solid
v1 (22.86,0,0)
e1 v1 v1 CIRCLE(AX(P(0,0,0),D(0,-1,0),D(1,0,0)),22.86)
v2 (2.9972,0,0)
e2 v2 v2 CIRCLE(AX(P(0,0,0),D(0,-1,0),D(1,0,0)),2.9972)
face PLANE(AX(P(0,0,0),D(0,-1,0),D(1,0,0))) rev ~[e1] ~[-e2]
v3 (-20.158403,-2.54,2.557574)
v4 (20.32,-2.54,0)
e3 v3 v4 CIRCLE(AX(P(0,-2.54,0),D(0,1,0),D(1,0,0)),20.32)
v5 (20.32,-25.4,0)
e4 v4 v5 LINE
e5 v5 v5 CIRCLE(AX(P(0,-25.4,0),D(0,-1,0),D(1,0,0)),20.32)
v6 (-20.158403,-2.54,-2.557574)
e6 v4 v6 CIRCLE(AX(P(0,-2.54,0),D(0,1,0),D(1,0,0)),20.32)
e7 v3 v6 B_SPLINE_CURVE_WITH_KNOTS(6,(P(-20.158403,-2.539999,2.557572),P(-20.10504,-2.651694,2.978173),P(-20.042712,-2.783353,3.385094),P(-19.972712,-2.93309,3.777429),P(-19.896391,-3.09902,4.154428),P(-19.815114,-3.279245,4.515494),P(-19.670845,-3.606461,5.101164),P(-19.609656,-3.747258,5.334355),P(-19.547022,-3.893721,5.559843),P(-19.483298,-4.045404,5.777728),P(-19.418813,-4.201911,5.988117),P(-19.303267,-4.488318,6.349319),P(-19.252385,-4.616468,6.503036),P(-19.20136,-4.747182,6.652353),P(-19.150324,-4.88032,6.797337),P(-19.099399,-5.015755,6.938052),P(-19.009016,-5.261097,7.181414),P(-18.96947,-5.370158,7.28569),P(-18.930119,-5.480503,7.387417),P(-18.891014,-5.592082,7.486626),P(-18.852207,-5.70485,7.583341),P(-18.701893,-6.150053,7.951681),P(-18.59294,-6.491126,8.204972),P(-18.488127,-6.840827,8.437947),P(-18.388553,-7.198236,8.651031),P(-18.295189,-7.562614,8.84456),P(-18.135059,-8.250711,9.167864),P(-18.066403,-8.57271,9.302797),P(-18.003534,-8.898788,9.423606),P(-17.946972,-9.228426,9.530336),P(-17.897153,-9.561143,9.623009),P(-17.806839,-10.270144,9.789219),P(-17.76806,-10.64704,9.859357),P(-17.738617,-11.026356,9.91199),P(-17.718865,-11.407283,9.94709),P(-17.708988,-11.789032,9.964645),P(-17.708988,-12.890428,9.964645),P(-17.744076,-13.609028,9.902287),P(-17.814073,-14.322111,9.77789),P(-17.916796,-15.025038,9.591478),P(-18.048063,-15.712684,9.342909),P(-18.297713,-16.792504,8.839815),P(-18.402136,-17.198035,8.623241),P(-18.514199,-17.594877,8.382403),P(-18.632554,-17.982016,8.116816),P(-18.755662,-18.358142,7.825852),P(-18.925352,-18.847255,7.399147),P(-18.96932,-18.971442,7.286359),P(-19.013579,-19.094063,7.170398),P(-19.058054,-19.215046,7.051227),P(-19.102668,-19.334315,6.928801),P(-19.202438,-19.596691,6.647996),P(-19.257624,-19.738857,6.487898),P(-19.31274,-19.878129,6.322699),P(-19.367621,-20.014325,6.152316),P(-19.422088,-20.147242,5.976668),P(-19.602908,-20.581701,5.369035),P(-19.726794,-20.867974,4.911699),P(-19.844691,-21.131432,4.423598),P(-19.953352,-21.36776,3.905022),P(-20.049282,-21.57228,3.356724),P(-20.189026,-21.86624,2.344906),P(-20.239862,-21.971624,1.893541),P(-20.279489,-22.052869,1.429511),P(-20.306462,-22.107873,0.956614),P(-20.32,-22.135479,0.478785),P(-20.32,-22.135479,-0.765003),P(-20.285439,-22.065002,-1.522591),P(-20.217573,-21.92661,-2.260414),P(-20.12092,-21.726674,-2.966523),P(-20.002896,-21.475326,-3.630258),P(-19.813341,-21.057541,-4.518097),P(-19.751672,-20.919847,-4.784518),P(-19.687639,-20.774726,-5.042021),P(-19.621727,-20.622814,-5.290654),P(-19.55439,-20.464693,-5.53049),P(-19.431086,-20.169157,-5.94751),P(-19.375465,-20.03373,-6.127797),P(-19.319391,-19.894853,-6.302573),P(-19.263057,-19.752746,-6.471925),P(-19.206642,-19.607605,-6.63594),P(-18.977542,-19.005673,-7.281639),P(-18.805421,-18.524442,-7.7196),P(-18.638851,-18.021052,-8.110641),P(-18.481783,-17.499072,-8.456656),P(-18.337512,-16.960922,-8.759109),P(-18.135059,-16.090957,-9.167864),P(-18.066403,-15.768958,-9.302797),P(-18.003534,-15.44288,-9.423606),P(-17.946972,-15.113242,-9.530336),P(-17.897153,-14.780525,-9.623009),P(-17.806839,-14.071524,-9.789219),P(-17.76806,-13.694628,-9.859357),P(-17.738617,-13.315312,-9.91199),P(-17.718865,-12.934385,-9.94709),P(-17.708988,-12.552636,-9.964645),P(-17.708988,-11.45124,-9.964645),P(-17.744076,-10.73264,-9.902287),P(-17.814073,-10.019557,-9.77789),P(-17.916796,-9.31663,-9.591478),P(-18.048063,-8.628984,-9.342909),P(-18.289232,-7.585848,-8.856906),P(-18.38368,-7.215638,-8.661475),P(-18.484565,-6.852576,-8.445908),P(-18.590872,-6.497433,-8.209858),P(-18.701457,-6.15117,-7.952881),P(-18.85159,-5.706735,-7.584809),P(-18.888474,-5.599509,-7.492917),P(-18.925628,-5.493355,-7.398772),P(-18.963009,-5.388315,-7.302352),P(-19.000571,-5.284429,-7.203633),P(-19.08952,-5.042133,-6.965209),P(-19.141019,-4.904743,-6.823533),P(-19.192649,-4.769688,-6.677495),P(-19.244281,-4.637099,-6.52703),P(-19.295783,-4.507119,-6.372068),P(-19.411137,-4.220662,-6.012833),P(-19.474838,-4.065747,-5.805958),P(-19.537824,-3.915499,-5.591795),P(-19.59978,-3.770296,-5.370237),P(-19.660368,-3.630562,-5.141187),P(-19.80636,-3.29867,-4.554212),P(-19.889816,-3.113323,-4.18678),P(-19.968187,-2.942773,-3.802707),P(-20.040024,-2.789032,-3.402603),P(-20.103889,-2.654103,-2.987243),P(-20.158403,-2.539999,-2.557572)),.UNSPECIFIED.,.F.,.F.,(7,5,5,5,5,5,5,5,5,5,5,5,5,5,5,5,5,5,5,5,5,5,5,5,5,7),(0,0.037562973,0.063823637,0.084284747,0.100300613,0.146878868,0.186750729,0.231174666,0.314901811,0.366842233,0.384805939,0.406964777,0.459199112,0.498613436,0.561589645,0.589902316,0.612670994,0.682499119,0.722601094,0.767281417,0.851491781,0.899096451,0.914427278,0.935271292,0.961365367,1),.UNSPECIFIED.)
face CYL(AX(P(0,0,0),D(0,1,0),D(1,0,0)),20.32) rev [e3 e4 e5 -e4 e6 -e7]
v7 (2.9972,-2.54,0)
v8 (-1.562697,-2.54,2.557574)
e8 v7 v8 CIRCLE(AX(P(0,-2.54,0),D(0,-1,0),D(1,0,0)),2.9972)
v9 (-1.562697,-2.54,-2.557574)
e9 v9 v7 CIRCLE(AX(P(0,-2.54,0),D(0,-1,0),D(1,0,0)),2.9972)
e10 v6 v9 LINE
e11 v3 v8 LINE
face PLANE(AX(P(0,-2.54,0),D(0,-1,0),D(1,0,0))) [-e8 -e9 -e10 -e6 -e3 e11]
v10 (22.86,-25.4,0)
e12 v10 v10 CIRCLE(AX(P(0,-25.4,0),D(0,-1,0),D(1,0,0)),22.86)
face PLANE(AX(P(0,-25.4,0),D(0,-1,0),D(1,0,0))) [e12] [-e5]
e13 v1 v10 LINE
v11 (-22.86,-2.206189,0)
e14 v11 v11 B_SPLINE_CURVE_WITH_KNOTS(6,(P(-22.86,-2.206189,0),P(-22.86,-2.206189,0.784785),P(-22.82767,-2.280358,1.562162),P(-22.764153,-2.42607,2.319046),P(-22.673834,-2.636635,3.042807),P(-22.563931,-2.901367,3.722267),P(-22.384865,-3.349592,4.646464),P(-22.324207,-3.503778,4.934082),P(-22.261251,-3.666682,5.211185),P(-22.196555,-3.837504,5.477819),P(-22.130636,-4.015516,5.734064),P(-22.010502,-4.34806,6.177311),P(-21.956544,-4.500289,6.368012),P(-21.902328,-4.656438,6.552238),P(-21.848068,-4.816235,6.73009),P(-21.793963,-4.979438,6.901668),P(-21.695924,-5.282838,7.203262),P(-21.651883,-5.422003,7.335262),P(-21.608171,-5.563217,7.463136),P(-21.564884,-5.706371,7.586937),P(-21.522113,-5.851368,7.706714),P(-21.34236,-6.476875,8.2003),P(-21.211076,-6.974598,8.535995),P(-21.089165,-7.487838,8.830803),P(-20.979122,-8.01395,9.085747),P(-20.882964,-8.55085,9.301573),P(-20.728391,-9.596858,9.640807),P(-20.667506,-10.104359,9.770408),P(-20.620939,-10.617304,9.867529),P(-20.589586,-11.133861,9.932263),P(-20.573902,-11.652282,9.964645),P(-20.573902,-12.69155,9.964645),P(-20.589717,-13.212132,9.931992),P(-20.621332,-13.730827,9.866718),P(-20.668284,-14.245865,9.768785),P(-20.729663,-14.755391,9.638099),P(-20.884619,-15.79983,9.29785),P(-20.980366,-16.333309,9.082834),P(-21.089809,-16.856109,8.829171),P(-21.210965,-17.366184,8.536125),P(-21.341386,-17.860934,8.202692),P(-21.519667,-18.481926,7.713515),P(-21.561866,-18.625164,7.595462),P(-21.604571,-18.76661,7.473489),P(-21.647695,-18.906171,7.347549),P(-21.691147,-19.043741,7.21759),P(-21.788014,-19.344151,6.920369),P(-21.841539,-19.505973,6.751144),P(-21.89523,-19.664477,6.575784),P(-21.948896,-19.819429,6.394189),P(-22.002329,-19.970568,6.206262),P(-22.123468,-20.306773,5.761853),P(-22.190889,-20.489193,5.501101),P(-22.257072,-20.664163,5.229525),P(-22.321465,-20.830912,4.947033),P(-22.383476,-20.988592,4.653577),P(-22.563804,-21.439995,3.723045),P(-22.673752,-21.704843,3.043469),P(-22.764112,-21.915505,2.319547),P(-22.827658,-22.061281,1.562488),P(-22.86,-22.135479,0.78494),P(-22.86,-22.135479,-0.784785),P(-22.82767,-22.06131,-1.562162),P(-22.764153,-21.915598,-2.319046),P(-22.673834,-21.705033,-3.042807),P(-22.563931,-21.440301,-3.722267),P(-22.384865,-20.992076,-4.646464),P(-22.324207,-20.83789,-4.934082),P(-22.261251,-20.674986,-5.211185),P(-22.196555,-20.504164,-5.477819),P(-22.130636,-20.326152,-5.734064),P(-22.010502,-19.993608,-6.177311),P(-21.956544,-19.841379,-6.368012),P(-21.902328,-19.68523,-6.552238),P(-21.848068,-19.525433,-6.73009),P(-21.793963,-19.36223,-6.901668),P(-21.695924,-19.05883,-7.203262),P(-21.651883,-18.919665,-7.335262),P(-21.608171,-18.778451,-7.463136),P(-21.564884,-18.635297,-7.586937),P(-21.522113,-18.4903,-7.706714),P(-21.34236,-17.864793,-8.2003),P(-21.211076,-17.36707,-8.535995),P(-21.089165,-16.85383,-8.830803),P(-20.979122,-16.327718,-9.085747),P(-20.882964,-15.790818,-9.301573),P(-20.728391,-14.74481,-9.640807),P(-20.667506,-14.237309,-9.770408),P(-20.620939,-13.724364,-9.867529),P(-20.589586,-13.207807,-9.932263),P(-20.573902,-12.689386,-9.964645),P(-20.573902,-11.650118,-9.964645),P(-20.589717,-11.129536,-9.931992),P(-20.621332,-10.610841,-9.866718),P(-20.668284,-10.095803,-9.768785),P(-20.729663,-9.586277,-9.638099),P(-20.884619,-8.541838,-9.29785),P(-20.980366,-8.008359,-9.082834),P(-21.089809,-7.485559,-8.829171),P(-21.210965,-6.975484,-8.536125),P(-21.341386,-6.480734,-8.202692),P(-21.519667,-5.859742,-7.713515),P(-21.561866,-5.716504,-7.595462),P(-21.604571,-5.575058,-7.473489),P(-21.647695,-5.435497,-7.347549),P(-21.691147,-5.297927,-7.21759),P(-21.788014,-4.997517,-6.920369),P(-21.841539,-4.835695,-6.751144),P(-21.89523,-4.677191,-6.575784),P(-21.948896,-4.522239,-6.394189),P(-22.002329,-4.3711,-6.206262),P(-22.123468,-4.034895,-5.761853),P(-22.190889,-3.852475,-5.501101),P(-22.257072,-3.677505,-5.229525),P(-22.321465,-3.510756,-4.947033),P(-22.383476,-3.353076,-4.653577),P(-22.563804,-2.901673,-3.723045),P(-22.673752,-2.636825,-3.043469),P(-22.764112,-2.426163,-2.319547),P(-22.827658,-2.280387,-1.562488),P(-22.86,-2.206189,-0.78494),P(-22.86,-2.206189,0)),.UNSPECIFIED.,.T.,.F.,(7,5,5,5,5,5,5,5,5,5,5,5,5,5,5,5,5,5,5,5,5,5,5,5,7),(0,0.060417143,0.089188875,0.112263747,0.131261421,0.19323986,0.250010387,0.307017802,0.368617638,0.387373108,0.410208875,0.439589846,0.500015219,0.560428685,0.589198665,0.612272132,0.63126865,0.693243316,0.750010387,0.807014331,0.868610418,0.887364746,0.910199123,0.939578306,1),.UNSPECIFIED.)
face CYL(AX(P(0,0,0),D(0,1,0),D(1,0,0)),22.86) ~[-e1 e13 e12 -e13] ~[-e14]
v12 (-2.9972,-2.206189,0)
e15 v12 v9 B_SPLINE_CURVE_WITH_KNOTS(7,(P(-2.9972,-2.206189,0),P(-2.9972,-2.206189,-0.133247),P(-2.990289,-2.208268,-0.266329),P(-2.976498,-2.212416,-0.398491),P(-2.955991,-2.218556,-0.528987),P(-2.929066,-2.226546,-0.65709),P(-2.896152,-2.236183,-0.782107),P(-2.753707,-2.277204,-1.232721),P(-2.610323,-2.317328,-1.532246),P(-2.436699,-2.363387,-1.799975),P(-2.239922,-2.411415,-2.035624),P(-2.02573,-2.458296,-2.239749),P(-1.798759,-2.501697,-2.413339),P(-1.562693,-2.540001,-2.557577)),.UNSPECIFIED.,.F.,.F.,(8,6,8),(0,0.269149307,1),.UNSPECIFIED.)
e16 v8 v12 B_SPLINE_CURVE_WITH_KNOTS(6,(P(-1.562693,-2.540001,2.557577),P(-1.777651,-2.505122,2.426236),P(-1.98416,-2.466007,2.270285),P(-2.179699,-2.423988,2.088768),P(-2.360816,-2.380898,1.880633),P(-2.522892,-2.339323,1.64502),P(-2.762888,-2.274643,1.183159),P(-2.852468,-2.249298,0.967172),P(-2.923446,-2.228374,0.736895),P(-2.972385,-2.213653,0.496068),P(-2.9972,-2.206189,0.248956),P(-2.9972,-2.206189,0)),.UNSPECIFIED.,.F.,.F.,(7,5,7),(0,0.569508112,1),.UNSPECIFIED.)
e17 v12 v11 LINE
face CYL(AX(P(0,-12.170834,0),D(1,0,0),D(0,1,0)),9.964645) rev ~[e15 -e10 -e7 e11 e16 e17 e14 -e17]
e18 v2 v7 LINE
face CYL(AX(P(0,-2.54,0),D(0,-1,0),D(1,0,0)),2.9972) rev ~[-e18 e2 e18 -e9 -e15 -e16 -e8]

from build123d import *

# Parameters (mm, degrees)
F0_R     = 22.86
F1_DEPTH = 25.4
F2_T     = -2.54
F3_R     = 2.9972
F4_DEPTH = 12.7
F5_R     = 9.964645
F6_DEPTH = 22.861


with BuildPart() as f1:
    # F0 (on Front) → F1 (new body)
    with BuildSketch(Plane.XZ):
        Circle(F0_R)
    extrude(amount=F1_DEPTH)

    # F2
    f2_openings = [f1.faces().sort_by_distance(p)[0] for p in [
        (0, -25.4, 0),
    ]]
    offset(amount=F2_T, openings=f2_openings)

    # F3 (on face) → F4 (cut, symmetric)
    with BuildSketch(Plane.XZ.offset(2.54)):
        Circle(F3_R)
    extrude(amount=F4_DEPTH, both=True, mode=Mode.SUBTRACT)

    # F5 (on Right) → F6 (cut, through all)
    with BuildSketch(Plane.YZ):
        with Locations((-12.170834, 0)):
            Circle(F5_R)
    extrude(amount=-F6_DEPTH, mode=Mode.SUBTRACT)


solid = f1.part
